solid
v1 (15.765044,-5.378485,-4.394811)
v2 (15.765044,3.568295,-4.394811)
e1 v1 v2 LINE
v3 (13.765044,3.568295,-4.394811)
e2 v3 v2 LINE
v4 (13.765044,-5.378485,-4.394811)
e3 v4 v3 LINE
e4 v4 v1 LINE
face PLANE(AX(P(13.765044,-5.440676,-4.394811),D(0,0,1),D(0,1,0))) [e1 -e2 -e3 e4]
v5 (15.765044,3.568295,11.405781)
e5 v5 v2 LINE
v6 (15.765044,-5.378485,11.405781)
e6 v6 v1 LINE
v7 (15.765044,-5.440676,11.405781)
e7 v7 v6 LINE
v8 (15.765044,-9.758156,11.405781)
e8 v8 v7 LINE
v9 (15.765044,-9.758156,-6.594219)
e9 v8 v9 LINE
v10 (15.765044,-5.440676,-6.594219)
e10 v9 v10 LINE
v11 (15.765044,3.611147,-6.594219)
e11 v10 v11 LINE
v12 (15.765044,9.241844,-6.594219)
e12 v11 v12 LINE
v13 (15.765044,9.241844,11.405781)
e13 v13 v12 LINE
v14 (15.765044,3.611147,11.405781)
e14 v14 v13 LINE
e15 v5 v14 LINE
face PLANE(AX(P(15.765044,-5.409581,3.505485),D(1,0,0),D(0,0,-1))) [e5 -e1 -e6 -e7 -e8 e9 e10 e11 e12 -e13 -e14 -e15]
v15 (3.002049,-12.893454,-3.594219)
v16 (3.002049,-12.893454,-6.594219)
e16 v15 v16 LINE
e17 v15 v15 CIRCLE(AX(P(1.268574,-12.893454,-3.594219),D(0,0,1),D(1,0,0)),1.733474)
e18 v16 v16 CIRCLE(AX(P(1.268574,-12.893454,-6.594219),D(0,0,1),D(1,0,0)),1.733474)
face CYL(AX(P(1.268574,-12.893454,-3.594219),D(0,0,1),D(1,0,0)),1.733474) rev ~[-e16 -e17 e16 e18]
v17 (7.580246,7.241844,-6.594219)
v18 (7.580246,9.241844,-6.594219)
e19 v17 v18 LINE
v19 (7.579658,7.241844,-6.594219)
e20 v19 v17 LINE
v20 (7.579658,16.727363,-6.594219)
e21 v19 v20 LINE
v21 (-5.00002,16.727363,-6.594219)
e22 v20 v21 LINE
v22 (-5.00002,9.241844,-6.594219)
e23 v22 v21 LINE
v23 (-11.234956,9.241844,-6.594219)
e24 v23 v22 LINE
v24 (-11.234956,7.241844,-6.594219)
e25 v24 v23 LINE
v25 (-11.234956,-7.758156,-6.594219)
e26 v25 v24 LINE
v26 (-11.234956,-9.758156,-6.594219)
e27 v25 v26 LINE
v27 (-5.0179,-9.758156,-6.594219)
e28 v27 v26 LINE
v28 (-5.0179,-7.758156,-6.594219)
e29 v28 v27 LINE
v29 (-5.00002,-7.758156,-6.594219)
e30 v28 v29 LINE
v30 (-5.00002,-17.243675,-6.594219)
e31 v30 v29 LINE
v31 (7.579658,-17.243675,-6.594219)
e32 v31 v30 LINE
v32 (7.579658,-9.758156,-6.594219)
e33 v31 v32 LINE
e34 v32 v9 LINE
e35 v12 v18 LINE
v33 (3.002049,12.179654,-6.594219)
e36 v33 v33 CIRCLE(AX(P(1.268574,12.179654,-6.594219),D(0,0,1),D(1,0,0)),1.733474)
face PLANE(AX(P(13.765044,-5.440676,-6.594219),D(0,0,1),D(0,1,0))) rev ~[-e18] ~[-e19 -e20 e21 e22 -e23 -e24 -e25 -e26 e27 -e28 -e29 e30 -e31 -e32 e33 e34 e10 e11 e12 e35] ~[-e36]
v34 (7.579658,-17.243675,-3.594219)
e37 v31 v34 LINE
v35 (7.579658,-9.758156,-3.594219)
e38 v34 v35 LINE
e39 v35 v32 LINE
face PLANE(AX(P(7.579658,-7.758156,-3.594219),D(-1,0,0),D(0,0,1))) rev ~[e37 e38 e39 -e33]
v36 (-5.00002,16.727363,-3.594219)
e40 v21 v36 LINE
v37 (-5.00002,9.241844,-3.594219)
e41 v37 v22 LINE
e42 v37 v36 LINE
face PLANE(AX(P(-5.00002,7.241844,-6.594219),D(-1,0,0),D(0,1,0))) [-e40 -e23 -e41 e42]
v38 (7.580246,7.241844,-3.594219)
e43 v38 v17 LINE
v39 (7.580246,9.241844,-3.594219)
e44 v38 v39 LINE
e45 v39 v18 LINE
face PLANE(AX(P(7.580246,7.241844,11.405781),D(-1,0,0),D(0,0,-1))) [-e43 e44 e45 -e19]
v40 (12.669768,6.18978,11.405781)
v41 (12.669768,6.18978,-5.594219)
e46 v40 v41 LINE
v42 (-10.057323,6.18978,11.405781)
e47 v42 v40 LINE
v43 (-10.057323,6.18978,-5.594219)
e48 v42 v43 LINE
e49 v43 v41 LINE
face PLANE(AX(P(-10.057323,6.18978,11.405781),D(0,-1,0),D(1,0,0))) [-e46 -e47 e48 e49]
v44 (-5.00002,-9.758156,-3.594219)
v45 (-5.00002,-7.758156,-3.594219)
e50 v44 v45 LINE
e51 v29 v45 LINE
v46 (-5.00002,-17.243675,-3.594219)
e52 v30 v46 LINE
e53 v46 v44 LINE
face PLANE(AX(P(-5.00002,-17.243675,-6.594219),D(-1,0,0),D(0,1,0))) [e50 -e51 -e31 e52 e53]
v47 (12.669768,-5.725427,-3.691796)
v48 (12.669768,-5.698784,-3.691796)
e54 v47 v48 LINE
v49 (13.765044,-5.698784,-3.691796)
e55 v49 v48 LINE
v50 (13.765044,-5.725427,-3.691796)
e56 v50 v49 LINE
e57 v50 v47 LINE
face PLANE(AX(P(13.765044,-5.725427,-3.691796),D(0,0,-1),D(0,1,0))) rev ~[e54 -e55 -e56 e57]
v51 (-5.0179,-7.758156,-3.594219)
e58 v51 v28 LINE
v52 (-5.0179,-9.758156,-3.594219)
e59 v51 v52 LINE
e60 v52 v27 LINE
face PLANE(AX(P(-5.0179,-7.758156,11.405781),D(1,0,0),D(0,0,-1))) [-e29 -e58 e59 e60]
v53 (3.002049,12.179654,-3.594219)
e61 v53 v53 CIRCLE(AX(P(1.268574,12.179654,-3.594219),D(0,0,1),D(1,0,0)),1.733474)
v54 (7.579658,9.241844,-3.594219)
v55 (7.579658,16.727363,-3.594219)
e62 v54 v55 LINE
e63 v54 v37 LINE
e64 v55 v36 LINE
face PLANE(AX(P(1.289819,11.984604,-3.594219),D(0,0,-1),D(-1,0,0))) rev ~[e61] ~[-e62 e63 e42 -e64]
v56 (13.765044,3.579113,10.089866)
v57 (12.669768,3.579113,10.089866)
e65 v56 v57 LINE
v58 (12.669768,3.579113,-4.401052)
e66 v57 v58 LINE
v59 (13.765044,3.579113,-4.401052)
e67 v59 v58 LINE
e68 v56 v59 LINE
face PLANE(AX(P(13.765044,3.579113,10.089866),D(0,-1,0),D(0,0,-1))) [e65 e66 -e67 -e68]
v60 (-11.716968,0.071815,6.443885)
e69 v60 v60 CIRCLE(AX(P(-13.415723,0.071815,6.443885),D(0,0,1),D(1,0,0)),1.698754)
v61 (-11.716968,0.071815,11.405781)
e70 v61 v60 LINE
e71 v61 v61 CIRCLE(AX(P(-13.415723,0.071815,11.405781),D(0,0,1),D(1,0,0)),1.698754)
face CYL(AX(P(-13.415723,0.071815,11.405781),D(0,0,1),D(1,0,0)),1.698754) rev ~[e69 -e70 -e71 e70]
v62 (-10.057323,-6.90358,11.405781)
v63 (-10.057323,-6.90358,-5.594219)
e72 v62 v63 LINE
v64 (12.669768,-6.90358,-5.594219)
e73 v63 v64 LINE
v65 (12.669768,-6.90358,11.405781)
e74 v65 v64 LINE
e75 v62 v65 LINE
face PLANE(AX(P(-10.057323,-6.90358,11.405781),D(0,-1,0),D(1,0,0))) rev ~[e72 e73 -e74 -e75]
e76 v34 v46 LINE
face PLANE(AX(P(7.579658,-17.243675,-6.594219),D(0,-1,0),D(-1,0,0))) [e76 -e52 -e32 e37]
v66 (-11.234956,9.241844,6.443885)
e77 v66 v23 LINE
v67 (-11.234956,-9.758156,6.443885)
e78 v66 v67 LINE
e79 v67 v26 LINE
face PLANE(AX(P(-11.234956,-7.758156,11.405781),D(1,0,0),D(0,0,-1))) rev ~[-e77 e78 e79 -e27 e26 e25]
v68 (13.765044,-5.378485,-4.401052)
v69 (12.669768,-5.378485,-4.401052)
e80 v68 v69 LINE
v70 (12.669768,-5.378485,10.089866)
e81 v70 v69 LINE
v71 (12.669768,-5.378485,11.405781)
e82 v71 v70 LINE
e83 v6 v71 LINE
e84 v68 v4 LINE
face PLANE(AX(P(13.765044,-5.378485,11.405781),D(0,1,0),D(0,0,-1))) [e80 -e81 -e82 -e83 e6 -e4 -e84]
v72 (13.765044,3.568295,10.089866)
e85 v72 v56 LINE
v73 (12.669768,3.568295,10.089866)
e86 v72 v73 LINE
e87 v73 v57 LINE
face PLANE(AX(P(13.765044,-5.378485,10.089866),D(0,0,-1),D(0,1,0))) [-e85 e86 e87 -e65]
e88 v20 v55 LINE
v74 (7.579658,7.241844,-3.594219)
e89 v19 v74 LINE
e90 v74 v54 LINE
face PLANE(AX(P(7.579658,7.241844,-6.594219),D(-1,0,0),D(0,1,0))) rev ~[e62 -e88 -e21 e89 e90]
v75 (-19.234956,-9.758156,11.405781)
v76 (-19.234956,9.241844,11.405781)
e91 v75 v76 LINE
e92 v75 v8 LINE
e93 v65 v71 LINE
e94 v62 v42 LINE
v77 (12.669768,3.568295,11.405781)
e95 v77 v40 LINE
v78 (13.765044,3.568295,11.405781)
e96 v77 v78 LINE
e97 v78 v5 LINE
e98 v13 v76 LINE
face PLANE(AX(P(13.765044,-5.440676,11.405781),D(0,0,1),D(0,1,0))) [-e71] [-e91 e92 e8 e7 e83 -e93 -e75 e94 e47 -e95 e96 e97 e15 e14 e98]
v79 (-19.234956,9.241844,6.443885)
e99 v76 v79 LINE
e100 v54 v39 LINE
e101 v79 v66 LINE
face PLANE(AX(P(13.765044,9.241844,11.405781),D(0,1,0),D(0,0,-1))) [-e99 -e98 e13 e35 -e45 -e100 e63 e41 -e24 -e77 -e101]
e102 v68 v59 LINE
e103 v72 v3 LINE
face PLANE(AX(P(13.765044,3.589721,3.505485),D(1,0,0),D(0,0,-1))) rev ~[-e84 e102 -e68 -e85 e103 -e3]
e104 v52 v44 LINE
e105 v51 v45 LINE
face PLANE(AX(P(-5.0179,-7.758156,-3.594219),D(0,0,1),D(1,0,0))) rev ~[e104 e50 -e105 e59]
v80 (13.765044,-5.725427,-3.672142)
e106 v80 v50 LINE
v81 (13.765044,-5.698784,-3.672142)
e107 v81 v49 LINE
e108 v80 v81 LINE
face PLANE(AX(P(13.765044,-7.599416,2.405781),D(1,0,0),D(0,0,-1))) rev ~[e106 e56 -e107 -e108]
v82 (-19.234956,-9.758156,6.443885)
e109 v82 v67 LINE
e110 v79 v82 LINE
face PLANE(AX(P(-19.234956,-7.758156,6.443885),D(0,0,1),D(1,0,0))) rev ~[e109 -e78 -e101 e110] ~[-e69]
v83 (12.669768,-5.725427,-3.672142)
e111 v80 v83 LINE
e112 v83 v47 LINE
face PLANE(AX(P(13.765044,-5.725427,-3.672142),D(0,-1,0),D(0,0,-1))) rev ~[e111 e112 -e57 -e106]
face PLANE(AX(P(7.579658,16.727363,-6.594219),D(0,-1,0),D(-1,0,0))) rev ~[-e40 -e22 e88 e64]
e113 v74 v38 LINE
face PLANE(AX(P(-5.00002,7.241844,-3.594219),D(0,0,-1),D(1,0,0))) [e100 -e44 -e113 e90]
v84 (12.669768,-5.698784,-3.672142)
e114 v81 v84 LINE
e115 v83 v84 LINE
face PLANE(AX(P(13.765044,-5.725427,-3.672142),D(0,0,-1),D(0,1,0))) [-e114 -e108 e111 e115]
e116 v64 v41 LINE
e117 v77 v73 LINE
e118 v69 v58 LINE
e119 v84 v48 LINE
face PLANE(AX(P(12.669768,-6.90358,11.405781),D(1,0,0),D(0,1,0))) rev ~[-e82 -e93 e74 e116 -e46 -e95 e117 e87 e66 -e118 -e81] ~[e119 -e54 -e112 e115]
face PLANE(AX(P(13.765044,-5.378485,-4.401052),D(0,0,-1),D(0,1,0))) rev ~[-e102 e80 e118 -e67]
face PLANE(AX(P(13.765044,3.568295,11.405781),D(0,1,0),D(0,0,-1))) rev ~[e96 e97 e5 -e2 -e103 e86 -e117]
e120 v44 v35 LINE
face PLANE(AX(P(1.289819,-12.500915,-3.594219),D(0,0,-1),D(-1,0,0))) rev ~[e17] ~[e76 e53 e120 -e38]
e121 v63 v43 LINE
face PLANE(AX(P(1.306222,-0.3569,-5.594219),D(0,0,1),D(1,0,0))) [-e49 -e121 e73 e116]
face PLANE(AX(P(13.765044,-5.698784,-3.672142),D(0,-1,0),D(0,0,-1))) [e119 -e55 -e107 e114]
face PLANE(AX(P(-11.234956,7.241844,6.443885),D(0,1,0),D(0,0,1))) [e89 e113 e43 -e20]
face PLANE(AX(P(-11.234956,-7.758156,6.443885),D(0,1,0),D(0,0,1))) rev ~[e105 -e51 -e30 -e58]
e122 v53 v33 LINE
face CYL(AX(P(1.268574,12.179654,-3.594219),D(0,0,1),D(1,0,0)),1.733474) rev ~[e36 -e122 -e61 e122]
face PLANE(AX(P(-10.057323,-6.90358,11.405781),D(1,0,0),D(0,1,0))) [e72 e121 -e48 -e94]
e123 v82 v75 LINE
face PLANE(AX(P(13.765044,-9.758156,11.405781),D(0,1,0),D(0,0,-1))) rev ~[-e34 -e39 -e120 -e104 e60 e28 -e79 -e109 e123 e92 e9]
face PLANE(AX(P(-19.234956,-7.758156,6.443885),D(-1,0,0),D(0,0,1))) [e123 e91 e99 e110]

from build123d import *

# Parameters (mm, degrees)
SKETCH1_W            = 2.5
SKETCH1_H            = 1.5
BOSS_EXTRUDE1_DEPTH  = 1.8
SKETCH2_W            = 2.272709172
SKETCH2_H            = 1.309335963
CUT_EXTRUDE1_DEPTH   = 1.7
SKETCH3_W            = 0.001965442
SKETCH3_H            = 0.00266433
SKETCH3_W_2          = 1.44909182
SKETCH3_H_2          = 0.895759853
CUT_EXTRUDE2_DEPTH   = 1.8
SCALE1_SCALE         = 10
SKETCH6_W            = 3.399300392
SKETCH6_H            = 8.946780682
CUT_EXTRUDE4_DEPTH   = 10
SKETCH12_W           = 4.961896536
SKETCH12_H           = 15
BOSS_EXTRUDE5_DEPTH  = 8
SKETCH13_R           = 1.698754484
CUT_EXTRUDE6_DEPTH   = 34
SKETCH22_W           = 12.579678002
SKETCH22_H           = 9.485518979
BOSS_EXTRUDE10_DEPTH = 3
SKETCH25_R           = 1.733474482
CUT_EXTRUDE7_DEPTH   = 36
SKETCH26_W           = 6.246850144
SKETCH26_H           = 18
BOSS_EXTRUDE11_DEPTH = 2
SKETCH27_W           = 6.184798315
SKETCH27_H           = 18
BOSS_EXTRUDE12_DEPTH = 2
SKETCH28_W           = 12.580266047
SKETCH28_H           = 15
BOSS_EXTRUDE13_DEPTH = 2
SKETCH29_W           = 6.217055849
SKETCH29_H           = 18
BOSS_EXTRUDE14_DEPTH = 2
SKETCH30_W           = 6.149592849
SKETCH30_H           = 18
BOSS_EXTRUDE15_DEPTH = 2
SKETCH31_W           = 12.597557791
SKETCH31_H           = 15
BOSS_EXTRUDE16_DEPTH = 2
SKETCH32_W           = 8
SKETCH32_H           = 4.961896536
BOSS_EXTRUDE17_DEPTH = 2
SKETCH33_W           = 0.035793511
SKETCH33_H           = 18
BOSS_EXTRUDE18_DEPTH = 2
SKETCH34_W           = 8
SKETCH34_H           = 4.961896536
BOSS_EXTRUDE19_DEPTH = 2
SKETCH36_W           = 18
SKETCH36_H           = 4.317479632
BOSS_EXTRUDE20_DEPTH = 2
SKETCH37_W           = 18
SKETCH37_H           = 5.630697462
BOSS_EXTRUDE21_DEPTH = 2
SKETCH38_W           = 2.199407661
SKETCH38_H           = 9.051822906
BOSS_EXTRUDE22_DEPTH = 2
SKETCH39_W           = 15.800592339
SKETCH39_H           = 0.042851216
BOSS_EXTRUDE23_DEPTH = 2
SKETCH40_W           = 15.800592339
SKETCH40_H           = 0.062191008
BOSS_EXTRUDE24_DEPTH = 2


with BuildPart() as part:
    # Sketch1 → Boss-Extrude1 (new body)
    with BuildSketch(Plane.XY):
        with Locations((0.15674366, 0.085055811)):
            Rectangle(SKETCH1_W, SKETCH1_H)
    extrude(amount=BOSS_EXTRUDE1_DEPTH)

    # Sketch2 → Cut-Extrude1 (cut)
    with BuildSketch(Plane.XY.offset(1.8)):
        with Locations((0.160861454, 0.075181403)):
            Rectangle(SKETCH2_W, SKETCH2_H)
    extrude(amount=-CUT_EXTRUDE1_DEPTH, mode=Mode.SUBTRACT)

    # Sketch3 → Cut-Extrude2 (cut)
    with BuildSketch(Plane(origin=(1.40674366, 0, 0), x_dir=(0, 0, -1), z_dir=(1, 0, 0))):
        with Locations((-0.29122496, -0.460339146)):
            Rectangle(SKETCH3_W, SKETCH3_H)
        with Locations((-0.943862586, 0.020902802)):
            Rectangle(SKETCH3_W_2, SKETCH3_H_2)
    extrude(amount=-CUT_EXTRUDE2_DEPTH, mode=Mode.SUBTRACT)


with BuildPart() as part_1:
    # Scale1: scaled about (0.033599126, 0.123190455, 0.732690955)
    add(part.part.scale(SCALE1_SCALE).moved(Location((-0.302392134, -1.108714095, -6.594218595))))

    # Sketch6 → Cut-Extrude4 (cut)
    with BuildSketch(Plane(origin=(13.765044467, 0, 0), x_dir=(0, 0, -1), z_dir=(1, 0, 0))):
        with Locations((-11.016576897, -0.905094997)):
            Rectangle(SKETCH6_W, SKETCH6_H)
    extrude(amount=-CUT_EXTRUDE4_DEPTH, mode=Mode.SUBTRACT)

    # Sketch12 → Boss-Extrude5 (add)
    with BuildSketch(Plane.ZY.offset(11.234955533)):
        with Locations((8.924833137, -0.258155978)):
            Rectangle(SKETCH12_W, SKETCH12_H)
    extrude(amount=BOSS_EXTRUDE5_DEPTH)

    # Sketch13 → Cut-Extrude6 (cut)
    with BuildSketch(Plane.XY.offset(11.405781405)):
        with Locations((-13.415722705, 0.071814751)):
            Circle(SKETCH13_R)
    extrude(amount=-CUT_EXTRUDE6_DEPTH, mode=Mode.SUBTRACT)

    # Sketch22 → Boss-Extrude10 (add)
    with BuildSketch(Plane(origin=(0, 0, -6.594218595), x_dir=(-1, 0, 0), z_dir=(0, 0, -1))):
        with Locations((-1.289819106, 11.984603512)):
            Rectangle(SKETCH22_W, SKETCH22_H)
        with Locations((-1.289819106, -12.500915468)):
            Rectangle(SKETCH22_W, SKETCH22_H)
    extrude(amount=-BOSS_EXTRUDE10_DEPTH)

    # Sketch25 → Cut-Extrude7 (cut)
    with BuildSketch(Plane.XY.offset(-3.594218595)):
        with Locations((1.268574204, 12.179653892)):
            Circle(SKETCH25_R)
        with Locations((1.268574204, -12.893454026)):
            Circle(SKETCH25_R)
    extrude(amount=-CUT_EXTRUDE7_DEPTH, mode=Mode.SUBTRACT)

    # Sketch26 → Boss-Extrude11 (add)
    with BuildSketch(Plane(origin=(0, 7.241844022, 0), x_dir=(1, 0, 0), z_dir=(0, 1, 0))):
        with Locations((-8.111530461, -2.405781405)):
            Rectangle(SKETCH26_W, SKETCH26_H)
    extrude(amount=BOSS_EXTRUDE11_DEPTH)

    # Sketch27 → Boss-Extrude12 (add)
    with BuildSketch(Plane(origin=(0, 7.241844022, 0), x_dir=(1, 0, 0), z_dir=(0, 1, 0))):
        with Locations((10.67264531, -2.405781405)):
            Rectangle(SKETCH27_W, SKETCH27_H)
    extrude(amount=BOSS_EXTRUDE12_DEPTH)

    # Sketch28 → Boss-Extrude13 (add)
    with BuildSketch(Plane(origin=(0, 7.241844022, 0), x_dir=(1, 0, 0), z_dir=(0, 1, 0))):
        with Locations((1.290113129, -3.905781405)):
            Rectangle(SKETCH28_W, SKETCH28_H)
    extrude(amount=BOSS_EXTRUDE13_DEPTH)

    # Sketch29 → Boss-Extrude14 (add)
    with BuildSketch(Plane(origin=(0, -7.758155978, 0), x_dir=(-1, 0, 0), z_dir=(0, -1, 0))):
        with Locations((8.126427609, -2.405781405)):
            Rectangle(SKETCH29_W, SKETCH29_H)
    extrude(amount=BOSS_EXTRUDE14_DEPTH)

    # Sketch30 → Boss-Extrude15 (add)
    with BuildSketch(Plane(origin=(0, -7.758155978, 0), x_dir=(-1, 0, 0), z_dir=(0, -1, 0))):
        with Locations((-10.690248043, -2.405781405)):
            Rectangle(SKETCH30_W, SKETCH30_H)
    extrude(amount=BOSS_EXTRUDE15_DEPTH)

    # Sketch31 → Boss-Extrude16 (add)
    with BuildSketch(Plane.XZ.offset(7.758155978)):
        with Locations((1.280879211, 3.905781405)):
            Rectangle(SKETCH31_W, SKETCH31_H)
    extrude(amount=BOSS_EXTRUDE16_DEPTH)

    # Sketch32 → Boss-Extrude17 (add)
    with BuildSketch(Plane(origin=(0, 7.241844022, 0), x_dir=(1, 0, 0), z_dir=(0, 1, 0))):
        with Locations((-15.234955533, -8.924833137)):
            Rectangle(SKETCH32_W, SKETCH32_H)
    extrude(amount=BOSS_EXTRUDE17_DEPTH)

    # Sketch33 → Boss-Extrude18 (add)
    with BuildSketch(Plane(origin=(0, -7.758155978, 0), x_dir=(-1, 0, 0), z_dir=(0, -1, 0))):
        with Locations((-7.597554863, -2.405781405)):
            Rectangle(SKETCH33_W, SKETCH33_H)
    extrude(amount=BOSS_EXTRUDE18_DEPTH)

    # Sketch34 → Boss-Extrude19 (add)
    with BuildSketch(Plane.XZ.offset(7.758155978)):
        with Locations((-15.234955533, 8.924833137)):
            Rectangle(SKETCH34_W, SKETCH34_H)
    extrude(amount=BOSS_EXTRUDE19_DEPTH)

    # Sketch36 → Boss-Extrude20 (add)
    with BuildSketch(Plane(origin=(13.765044467, 0, 0), x_dir=(0, 0, -1), z_dir=(1, 0, 0))):
        with Locations((-2.405781405, -7.599416162)):
            Rectangle(SKETCH36_W, SKETCH36_H)
    extrude(amount=BOSS_EXTRUDE20_DEPTH)

    # Sketch37 → Boss-Extrude21 (add)
    with BuildSketch(Plane(origin=(13.765044467, 0, 0), x_dir=(0, 0, -1), z_dir=(1, 0, 0))):
        with Locations((-2.405781405, 6.426495291)):
            Rectangle(SKETCH37_W, SKETCH37_H)
    extrude(amount=BOSS_EXTRUDE21_DEPTH)

    # Sketch38 → Boss-Extrude22 (add)
    with BuildSketch(Plane(origin=(13.765044467, 0, 0), x_dir=(0, 0, -1), z_dir=(1, 0, 0))):
        with Locations((5.494514764, -0.914764893)):
            Rectangle(SKETCH38_W, SKETCH38_H)
    extrude(amount=BOSS_EXTRUDE22_DEPTH)

    # Sketch39 → Boss-Extrude23 (add)
    with BuildSketch(Plane(origin=(13.765044467, 0, 0), x_dir=(0, 0, -1), z_dir=(1, 0, 0))):
        with Locations((-3.505485236, 3.589720952)):
            Rectangle(SKETCH39_W, SKETCH39_H)
    extrude(amount=BOSS_EXTRUDE23_DEPTH)

    # Sketch40 → Boss-Extrude24 (add)
    with BuildSketch(Plane(origin=(13.765044467, 0, 0), x_dir=(0, 0, -1), z_dir=(1, 0, 0))):
        with Locations((-3.505485236, -5.409580842)):
            Rectangle(SKETCH40_W, SKETCH40_H)
    extrude(amount=BOSS_EXTRUDE24_DEPTH)


solid = part_1.part
